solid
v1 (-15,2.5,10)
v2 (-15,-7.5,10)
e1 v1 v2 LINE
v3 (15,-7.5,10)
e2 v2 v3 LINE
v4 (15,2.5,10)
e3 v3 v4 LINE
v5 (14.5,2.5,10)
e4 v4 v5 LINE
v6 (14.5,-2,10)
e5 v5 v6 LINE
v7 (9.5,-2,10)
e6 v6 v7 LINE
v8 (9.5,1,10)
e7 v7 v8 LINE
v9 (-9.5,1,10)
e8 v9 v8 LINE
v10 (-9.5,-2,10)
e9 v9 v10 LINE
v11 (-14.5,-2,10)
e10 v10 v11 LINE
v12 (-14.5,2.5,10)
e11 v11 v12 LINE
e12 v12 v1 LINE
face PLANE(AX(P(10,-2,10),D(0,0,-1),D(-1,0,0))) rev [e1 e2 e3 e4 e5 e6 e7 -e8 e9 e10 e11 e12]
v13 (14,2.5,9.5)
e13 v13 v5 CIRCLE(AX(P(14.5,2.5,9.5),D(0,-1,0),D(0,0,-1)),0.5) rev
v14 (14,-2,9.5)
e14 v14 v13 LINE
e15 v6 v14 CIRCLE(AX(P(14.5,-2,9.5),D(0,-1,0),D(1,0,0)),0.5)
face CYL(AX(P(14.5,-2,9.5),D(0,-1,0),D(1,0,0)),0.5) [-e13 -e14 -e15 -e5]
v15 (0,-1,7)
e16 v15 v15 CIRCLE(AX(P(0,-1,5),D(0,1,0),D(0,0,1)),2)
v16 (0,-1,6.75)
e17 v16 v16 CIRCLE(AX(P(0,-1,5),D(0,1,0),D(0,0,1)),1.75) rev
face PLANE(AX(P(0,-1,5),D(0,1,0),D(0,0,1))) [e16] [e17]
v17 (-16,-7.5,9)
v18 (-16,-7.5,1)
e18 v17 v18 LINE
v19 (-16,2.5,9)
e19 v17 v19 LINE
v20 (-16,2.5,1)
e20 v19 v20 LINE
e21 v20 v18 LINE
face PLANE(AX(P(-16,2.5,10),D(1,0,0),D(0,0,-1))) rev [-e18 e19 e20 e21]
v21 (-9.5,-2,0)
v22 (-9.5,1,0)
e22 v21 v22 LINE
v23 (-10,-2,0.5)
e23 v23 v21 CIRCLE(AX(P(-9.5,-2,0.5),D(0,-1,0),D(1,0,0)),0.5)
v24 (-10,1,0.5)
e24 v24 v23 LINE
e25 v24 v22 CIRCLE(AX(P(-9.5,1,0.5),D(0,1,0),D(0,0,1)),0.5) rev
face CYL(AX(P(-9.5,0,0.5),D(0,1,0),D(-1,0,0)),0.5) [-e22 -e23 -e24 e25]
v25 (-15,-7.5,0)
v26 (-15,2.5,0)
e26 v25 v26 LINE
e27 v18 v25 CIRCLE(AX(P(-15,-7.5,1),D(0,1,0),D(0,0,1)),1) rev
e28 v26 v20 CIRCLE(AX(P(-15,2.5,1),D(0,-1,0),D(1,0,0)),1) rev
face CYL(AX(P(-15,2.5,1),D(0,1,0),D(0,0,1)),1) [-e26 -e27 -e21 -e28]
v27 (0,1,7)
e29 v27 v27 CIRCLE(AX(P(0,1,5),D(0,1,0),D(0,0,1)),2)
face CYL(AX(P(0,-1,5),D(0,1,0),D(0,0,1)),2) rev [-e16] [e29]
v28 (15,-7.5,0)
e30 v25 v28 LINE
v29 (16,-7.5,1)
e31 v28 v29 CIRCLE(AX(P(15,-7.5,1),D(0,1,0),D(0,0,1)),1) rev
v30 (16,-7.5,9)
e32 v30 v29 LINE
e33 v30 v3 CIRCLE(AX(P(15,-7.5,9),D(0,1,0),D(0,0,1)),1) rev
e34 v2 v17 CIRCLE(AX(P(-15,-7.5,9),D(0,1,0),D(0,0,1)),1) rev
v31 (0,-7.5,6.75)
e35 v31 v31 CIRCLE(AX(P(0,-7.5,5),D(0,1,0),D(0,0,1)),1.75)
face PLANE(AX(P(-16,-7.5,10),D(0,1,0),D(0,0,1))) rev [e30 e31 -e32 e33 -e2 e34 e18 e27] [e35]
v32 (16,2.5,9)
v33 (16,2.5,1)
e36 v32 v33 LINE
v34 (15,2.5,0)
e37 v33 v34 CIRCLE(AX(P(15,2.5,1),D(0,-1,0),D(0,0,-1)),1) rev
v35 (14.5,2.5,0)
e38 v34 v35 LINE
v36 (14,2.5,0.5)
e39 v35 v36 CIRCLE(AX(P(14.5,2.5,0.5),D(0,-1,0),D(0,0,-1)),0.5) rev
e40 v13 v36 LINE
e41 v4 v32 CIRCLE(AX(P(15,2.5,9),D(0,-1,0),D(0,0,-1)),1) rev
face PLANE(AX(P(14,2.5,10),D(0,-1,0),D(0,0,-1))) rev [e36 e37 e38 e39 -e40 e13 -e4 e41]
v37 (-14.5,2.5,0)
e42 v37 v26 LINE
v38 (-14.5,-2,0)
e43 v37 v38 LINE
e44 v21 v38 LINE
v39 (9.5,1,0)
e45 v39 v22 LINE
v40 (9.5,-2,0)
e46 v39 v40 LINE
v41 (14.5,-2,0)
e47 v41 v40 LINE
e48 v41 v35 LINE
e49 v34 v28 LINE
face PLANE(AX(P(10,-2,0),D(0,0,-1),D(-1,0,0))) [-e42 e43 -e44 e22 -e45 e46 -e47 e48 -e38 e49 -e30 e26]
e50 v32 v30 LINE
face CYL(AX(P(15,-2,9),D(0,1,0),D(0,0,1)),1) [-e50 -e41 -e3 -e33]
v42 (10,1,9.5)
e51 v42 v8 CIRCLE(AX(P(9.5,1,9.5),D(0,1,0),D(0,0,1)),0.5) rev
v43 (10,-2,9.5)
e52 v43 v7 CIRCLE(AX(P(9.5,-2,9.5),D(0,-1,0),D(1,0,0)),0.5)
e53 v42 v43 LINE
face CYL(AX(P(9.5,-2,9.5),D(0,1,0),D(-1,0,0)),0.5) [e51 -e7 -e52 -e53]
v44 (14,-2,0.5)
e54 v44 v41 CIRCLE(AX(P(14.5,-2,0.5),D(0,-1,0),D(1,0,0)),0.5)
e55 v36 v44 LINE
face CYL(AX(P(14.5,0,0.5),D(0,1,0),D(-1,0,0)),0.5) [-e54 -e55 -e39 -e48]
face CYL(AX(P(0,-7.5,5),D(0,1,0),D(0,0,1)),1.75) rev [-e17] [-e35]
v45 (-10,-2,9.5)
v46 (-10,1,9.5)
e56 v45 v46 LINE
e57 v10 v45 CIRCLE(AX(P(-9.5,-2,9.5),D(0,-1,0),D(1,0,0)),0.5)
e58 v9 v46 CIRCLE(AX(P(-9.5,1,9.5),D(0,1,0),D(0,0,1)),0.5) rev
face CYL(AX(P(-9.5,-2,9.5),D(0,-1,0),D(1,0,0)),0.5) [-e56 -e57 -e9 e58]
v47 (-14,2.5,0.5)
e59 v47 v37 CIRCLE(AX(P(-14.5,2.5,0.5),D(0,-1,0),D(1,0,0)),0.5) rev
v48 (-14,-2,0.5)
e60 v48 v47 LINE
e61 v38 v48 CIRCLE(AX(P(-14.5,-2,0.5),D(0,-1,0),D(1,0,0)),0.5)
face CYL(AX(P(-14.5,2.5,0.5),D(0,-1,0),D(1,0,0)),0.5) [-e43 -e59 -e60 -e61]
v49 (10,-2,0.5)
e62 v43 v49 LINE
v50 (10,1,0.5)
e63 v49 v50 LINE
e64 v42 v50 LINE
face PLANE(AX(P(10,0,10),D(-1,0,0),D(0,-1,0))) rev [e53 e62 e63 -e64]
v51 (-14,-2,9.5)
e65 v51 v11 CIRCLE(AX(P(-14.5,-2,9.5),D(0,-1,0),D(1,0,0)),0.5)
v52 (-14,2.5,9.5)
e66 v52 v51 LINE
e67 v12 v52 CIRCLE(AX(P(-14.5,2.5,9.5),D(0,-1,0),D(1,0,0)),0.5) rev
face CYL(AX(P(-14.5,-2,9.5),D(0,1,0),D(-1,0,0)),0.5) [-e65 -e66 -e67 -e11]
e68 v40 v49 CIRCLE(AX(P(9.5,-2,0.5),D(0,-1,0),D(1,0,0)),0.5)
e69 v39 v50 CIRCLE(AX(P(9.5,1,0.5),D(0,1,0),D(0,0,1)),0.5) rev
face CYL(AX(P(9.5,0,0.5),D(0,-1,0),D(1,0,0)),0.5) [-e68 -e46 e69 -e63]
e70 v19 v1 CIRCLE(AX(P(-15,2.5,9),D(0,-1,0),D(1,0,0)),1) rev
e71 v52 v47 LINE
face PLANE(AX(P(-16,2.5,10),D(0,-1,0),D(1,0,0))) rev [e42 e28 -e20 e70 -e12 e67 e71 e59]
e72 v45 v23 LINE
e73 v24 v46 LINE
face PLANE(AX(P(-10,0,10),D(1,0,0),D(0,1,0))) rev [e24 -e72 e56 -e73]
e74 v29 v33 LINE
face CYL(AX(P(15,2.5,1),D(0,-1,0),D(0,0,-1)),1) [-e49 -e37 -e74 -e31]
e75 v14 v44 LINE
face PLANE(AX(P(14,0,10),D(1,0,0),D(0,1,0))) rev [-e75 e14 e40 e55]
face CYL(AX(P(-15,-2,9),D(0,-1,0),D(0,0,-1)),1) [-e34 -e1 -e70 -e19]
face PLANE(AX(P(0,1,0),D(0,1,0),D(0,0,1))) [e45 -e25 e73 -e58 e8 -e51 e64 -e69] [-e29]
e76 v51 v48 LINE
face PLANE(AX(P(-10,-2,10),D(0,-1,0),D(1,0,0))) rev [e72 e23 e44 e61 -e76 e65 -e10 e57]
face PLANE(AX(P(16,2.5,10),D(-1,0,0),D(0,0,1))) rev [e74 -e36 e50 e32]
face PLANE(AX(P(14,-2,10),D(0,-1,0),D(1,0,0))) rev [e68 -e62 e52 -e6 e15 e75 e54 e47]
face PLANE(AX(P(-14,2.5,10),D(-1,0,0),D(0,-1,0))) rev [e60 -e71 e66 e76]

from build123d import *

# Parameters (mm, degrees)
BOSS_EXTRUDE1_DEPTH = 10
SKETCH2_R           = 1.75
CUT_EXTRUDE1_DEPTH  = 22.354156504
FILLET2_R           = 1
FILLET3_R           = 0.5
SKETCH4_W           = 20
SKETCH4_H           = 10
CUT_EXTRUDE3_DEPTH  = 1.5
SKETCH5_R           = 2
CUT_EXTRUDE4_DEPTH  = 2


with BuildPart() as part:
    # Sketch1 → Boss-Extrude1 (new body)
    with BuildSketch(Plane.XY):
        Polygon((-10, 2.5), (10, 2.5), (10, 0), (10, -2), (14, -2), (14, 0), (14, 2.5), (16, 2.5), (16, -7.5), (-16, -7.5), (-16, 2.5), (-14, 2.5), (-14, 0), (-14, -2), (-10, -2), (-10, 0), align=None)
    extrude(amount=BOSS_EXTRUDE1_DEPTH)

    # Sketch2 → Cut-Extrude1 (cut, through all)
    with BuildSketch(Plane(origin=(0, 2.5, 0), x_dir=(1, 0, 0), z_dir=(0, 1, 0))):
        with Locations(Location((0, -5, 0), (0, 0, 270))):
            Circle(SKETCH2_R)
    extrude(amount=-CUT_EXTRUDE1_DEPTH, mode=Mode.SUBTRACT)

    # Fillet2
    fillet2_edges = [part.edges().sort_by_distance(p)[0] for p in [
        (16, -2.5, 0),
        (-16, -2.5, 0),
        (-16, -2.5, 10),
        (16, -2.5, 10),
    ]]
    fillet(fillet2_edges, radius=FILLET2_R)

    # Fillet3
    fillet3_edges = [part.edges().sort_by_distance(p)[0] for p in [
        (-10, 0.25, 10),
        (14, 0.25, 0),
        (-14, 0.25, 0),
        (-10, 0.25, 0),
        (10, 0.25, 0),
        (-14, 0.25, 10),
        (10, 0.25, 10),
        (14, 0.25, 10),
    ]]
    fillet(fillet3_edges, radius=FILLET3_R)

    # Sketch4 → Cut-Extrude3 (cut)
    with BuildSketch(Plane(origin=(0, 2.5, 0), x_dir=(1, 0, 0), z_dir=(0, 1, 0))):
        with Locations((0, -5)):
            Rectangle(SKETCH4_W, SKETCH4_H)
    extrude(amount=-CUT_EXTRUDE3_DEPTH, mode=Mode.SUBTRACT)

    # Sketch5 → Cut-Extrude4 (cut)
    with BuildSketch(Plane(origin=(0, 1, 0), x_dir=(1, 0, 0), z_dir=(0, 1, 0))):
        with Locations(Location((0, -5, 0), (0, 0, 270))):
            Circle(SKETCH5_R)
    extrude(amount=-CUT_EXTRUDE4_DEPTH, mode=Mode.SUBTRACT)


solid = part.part
